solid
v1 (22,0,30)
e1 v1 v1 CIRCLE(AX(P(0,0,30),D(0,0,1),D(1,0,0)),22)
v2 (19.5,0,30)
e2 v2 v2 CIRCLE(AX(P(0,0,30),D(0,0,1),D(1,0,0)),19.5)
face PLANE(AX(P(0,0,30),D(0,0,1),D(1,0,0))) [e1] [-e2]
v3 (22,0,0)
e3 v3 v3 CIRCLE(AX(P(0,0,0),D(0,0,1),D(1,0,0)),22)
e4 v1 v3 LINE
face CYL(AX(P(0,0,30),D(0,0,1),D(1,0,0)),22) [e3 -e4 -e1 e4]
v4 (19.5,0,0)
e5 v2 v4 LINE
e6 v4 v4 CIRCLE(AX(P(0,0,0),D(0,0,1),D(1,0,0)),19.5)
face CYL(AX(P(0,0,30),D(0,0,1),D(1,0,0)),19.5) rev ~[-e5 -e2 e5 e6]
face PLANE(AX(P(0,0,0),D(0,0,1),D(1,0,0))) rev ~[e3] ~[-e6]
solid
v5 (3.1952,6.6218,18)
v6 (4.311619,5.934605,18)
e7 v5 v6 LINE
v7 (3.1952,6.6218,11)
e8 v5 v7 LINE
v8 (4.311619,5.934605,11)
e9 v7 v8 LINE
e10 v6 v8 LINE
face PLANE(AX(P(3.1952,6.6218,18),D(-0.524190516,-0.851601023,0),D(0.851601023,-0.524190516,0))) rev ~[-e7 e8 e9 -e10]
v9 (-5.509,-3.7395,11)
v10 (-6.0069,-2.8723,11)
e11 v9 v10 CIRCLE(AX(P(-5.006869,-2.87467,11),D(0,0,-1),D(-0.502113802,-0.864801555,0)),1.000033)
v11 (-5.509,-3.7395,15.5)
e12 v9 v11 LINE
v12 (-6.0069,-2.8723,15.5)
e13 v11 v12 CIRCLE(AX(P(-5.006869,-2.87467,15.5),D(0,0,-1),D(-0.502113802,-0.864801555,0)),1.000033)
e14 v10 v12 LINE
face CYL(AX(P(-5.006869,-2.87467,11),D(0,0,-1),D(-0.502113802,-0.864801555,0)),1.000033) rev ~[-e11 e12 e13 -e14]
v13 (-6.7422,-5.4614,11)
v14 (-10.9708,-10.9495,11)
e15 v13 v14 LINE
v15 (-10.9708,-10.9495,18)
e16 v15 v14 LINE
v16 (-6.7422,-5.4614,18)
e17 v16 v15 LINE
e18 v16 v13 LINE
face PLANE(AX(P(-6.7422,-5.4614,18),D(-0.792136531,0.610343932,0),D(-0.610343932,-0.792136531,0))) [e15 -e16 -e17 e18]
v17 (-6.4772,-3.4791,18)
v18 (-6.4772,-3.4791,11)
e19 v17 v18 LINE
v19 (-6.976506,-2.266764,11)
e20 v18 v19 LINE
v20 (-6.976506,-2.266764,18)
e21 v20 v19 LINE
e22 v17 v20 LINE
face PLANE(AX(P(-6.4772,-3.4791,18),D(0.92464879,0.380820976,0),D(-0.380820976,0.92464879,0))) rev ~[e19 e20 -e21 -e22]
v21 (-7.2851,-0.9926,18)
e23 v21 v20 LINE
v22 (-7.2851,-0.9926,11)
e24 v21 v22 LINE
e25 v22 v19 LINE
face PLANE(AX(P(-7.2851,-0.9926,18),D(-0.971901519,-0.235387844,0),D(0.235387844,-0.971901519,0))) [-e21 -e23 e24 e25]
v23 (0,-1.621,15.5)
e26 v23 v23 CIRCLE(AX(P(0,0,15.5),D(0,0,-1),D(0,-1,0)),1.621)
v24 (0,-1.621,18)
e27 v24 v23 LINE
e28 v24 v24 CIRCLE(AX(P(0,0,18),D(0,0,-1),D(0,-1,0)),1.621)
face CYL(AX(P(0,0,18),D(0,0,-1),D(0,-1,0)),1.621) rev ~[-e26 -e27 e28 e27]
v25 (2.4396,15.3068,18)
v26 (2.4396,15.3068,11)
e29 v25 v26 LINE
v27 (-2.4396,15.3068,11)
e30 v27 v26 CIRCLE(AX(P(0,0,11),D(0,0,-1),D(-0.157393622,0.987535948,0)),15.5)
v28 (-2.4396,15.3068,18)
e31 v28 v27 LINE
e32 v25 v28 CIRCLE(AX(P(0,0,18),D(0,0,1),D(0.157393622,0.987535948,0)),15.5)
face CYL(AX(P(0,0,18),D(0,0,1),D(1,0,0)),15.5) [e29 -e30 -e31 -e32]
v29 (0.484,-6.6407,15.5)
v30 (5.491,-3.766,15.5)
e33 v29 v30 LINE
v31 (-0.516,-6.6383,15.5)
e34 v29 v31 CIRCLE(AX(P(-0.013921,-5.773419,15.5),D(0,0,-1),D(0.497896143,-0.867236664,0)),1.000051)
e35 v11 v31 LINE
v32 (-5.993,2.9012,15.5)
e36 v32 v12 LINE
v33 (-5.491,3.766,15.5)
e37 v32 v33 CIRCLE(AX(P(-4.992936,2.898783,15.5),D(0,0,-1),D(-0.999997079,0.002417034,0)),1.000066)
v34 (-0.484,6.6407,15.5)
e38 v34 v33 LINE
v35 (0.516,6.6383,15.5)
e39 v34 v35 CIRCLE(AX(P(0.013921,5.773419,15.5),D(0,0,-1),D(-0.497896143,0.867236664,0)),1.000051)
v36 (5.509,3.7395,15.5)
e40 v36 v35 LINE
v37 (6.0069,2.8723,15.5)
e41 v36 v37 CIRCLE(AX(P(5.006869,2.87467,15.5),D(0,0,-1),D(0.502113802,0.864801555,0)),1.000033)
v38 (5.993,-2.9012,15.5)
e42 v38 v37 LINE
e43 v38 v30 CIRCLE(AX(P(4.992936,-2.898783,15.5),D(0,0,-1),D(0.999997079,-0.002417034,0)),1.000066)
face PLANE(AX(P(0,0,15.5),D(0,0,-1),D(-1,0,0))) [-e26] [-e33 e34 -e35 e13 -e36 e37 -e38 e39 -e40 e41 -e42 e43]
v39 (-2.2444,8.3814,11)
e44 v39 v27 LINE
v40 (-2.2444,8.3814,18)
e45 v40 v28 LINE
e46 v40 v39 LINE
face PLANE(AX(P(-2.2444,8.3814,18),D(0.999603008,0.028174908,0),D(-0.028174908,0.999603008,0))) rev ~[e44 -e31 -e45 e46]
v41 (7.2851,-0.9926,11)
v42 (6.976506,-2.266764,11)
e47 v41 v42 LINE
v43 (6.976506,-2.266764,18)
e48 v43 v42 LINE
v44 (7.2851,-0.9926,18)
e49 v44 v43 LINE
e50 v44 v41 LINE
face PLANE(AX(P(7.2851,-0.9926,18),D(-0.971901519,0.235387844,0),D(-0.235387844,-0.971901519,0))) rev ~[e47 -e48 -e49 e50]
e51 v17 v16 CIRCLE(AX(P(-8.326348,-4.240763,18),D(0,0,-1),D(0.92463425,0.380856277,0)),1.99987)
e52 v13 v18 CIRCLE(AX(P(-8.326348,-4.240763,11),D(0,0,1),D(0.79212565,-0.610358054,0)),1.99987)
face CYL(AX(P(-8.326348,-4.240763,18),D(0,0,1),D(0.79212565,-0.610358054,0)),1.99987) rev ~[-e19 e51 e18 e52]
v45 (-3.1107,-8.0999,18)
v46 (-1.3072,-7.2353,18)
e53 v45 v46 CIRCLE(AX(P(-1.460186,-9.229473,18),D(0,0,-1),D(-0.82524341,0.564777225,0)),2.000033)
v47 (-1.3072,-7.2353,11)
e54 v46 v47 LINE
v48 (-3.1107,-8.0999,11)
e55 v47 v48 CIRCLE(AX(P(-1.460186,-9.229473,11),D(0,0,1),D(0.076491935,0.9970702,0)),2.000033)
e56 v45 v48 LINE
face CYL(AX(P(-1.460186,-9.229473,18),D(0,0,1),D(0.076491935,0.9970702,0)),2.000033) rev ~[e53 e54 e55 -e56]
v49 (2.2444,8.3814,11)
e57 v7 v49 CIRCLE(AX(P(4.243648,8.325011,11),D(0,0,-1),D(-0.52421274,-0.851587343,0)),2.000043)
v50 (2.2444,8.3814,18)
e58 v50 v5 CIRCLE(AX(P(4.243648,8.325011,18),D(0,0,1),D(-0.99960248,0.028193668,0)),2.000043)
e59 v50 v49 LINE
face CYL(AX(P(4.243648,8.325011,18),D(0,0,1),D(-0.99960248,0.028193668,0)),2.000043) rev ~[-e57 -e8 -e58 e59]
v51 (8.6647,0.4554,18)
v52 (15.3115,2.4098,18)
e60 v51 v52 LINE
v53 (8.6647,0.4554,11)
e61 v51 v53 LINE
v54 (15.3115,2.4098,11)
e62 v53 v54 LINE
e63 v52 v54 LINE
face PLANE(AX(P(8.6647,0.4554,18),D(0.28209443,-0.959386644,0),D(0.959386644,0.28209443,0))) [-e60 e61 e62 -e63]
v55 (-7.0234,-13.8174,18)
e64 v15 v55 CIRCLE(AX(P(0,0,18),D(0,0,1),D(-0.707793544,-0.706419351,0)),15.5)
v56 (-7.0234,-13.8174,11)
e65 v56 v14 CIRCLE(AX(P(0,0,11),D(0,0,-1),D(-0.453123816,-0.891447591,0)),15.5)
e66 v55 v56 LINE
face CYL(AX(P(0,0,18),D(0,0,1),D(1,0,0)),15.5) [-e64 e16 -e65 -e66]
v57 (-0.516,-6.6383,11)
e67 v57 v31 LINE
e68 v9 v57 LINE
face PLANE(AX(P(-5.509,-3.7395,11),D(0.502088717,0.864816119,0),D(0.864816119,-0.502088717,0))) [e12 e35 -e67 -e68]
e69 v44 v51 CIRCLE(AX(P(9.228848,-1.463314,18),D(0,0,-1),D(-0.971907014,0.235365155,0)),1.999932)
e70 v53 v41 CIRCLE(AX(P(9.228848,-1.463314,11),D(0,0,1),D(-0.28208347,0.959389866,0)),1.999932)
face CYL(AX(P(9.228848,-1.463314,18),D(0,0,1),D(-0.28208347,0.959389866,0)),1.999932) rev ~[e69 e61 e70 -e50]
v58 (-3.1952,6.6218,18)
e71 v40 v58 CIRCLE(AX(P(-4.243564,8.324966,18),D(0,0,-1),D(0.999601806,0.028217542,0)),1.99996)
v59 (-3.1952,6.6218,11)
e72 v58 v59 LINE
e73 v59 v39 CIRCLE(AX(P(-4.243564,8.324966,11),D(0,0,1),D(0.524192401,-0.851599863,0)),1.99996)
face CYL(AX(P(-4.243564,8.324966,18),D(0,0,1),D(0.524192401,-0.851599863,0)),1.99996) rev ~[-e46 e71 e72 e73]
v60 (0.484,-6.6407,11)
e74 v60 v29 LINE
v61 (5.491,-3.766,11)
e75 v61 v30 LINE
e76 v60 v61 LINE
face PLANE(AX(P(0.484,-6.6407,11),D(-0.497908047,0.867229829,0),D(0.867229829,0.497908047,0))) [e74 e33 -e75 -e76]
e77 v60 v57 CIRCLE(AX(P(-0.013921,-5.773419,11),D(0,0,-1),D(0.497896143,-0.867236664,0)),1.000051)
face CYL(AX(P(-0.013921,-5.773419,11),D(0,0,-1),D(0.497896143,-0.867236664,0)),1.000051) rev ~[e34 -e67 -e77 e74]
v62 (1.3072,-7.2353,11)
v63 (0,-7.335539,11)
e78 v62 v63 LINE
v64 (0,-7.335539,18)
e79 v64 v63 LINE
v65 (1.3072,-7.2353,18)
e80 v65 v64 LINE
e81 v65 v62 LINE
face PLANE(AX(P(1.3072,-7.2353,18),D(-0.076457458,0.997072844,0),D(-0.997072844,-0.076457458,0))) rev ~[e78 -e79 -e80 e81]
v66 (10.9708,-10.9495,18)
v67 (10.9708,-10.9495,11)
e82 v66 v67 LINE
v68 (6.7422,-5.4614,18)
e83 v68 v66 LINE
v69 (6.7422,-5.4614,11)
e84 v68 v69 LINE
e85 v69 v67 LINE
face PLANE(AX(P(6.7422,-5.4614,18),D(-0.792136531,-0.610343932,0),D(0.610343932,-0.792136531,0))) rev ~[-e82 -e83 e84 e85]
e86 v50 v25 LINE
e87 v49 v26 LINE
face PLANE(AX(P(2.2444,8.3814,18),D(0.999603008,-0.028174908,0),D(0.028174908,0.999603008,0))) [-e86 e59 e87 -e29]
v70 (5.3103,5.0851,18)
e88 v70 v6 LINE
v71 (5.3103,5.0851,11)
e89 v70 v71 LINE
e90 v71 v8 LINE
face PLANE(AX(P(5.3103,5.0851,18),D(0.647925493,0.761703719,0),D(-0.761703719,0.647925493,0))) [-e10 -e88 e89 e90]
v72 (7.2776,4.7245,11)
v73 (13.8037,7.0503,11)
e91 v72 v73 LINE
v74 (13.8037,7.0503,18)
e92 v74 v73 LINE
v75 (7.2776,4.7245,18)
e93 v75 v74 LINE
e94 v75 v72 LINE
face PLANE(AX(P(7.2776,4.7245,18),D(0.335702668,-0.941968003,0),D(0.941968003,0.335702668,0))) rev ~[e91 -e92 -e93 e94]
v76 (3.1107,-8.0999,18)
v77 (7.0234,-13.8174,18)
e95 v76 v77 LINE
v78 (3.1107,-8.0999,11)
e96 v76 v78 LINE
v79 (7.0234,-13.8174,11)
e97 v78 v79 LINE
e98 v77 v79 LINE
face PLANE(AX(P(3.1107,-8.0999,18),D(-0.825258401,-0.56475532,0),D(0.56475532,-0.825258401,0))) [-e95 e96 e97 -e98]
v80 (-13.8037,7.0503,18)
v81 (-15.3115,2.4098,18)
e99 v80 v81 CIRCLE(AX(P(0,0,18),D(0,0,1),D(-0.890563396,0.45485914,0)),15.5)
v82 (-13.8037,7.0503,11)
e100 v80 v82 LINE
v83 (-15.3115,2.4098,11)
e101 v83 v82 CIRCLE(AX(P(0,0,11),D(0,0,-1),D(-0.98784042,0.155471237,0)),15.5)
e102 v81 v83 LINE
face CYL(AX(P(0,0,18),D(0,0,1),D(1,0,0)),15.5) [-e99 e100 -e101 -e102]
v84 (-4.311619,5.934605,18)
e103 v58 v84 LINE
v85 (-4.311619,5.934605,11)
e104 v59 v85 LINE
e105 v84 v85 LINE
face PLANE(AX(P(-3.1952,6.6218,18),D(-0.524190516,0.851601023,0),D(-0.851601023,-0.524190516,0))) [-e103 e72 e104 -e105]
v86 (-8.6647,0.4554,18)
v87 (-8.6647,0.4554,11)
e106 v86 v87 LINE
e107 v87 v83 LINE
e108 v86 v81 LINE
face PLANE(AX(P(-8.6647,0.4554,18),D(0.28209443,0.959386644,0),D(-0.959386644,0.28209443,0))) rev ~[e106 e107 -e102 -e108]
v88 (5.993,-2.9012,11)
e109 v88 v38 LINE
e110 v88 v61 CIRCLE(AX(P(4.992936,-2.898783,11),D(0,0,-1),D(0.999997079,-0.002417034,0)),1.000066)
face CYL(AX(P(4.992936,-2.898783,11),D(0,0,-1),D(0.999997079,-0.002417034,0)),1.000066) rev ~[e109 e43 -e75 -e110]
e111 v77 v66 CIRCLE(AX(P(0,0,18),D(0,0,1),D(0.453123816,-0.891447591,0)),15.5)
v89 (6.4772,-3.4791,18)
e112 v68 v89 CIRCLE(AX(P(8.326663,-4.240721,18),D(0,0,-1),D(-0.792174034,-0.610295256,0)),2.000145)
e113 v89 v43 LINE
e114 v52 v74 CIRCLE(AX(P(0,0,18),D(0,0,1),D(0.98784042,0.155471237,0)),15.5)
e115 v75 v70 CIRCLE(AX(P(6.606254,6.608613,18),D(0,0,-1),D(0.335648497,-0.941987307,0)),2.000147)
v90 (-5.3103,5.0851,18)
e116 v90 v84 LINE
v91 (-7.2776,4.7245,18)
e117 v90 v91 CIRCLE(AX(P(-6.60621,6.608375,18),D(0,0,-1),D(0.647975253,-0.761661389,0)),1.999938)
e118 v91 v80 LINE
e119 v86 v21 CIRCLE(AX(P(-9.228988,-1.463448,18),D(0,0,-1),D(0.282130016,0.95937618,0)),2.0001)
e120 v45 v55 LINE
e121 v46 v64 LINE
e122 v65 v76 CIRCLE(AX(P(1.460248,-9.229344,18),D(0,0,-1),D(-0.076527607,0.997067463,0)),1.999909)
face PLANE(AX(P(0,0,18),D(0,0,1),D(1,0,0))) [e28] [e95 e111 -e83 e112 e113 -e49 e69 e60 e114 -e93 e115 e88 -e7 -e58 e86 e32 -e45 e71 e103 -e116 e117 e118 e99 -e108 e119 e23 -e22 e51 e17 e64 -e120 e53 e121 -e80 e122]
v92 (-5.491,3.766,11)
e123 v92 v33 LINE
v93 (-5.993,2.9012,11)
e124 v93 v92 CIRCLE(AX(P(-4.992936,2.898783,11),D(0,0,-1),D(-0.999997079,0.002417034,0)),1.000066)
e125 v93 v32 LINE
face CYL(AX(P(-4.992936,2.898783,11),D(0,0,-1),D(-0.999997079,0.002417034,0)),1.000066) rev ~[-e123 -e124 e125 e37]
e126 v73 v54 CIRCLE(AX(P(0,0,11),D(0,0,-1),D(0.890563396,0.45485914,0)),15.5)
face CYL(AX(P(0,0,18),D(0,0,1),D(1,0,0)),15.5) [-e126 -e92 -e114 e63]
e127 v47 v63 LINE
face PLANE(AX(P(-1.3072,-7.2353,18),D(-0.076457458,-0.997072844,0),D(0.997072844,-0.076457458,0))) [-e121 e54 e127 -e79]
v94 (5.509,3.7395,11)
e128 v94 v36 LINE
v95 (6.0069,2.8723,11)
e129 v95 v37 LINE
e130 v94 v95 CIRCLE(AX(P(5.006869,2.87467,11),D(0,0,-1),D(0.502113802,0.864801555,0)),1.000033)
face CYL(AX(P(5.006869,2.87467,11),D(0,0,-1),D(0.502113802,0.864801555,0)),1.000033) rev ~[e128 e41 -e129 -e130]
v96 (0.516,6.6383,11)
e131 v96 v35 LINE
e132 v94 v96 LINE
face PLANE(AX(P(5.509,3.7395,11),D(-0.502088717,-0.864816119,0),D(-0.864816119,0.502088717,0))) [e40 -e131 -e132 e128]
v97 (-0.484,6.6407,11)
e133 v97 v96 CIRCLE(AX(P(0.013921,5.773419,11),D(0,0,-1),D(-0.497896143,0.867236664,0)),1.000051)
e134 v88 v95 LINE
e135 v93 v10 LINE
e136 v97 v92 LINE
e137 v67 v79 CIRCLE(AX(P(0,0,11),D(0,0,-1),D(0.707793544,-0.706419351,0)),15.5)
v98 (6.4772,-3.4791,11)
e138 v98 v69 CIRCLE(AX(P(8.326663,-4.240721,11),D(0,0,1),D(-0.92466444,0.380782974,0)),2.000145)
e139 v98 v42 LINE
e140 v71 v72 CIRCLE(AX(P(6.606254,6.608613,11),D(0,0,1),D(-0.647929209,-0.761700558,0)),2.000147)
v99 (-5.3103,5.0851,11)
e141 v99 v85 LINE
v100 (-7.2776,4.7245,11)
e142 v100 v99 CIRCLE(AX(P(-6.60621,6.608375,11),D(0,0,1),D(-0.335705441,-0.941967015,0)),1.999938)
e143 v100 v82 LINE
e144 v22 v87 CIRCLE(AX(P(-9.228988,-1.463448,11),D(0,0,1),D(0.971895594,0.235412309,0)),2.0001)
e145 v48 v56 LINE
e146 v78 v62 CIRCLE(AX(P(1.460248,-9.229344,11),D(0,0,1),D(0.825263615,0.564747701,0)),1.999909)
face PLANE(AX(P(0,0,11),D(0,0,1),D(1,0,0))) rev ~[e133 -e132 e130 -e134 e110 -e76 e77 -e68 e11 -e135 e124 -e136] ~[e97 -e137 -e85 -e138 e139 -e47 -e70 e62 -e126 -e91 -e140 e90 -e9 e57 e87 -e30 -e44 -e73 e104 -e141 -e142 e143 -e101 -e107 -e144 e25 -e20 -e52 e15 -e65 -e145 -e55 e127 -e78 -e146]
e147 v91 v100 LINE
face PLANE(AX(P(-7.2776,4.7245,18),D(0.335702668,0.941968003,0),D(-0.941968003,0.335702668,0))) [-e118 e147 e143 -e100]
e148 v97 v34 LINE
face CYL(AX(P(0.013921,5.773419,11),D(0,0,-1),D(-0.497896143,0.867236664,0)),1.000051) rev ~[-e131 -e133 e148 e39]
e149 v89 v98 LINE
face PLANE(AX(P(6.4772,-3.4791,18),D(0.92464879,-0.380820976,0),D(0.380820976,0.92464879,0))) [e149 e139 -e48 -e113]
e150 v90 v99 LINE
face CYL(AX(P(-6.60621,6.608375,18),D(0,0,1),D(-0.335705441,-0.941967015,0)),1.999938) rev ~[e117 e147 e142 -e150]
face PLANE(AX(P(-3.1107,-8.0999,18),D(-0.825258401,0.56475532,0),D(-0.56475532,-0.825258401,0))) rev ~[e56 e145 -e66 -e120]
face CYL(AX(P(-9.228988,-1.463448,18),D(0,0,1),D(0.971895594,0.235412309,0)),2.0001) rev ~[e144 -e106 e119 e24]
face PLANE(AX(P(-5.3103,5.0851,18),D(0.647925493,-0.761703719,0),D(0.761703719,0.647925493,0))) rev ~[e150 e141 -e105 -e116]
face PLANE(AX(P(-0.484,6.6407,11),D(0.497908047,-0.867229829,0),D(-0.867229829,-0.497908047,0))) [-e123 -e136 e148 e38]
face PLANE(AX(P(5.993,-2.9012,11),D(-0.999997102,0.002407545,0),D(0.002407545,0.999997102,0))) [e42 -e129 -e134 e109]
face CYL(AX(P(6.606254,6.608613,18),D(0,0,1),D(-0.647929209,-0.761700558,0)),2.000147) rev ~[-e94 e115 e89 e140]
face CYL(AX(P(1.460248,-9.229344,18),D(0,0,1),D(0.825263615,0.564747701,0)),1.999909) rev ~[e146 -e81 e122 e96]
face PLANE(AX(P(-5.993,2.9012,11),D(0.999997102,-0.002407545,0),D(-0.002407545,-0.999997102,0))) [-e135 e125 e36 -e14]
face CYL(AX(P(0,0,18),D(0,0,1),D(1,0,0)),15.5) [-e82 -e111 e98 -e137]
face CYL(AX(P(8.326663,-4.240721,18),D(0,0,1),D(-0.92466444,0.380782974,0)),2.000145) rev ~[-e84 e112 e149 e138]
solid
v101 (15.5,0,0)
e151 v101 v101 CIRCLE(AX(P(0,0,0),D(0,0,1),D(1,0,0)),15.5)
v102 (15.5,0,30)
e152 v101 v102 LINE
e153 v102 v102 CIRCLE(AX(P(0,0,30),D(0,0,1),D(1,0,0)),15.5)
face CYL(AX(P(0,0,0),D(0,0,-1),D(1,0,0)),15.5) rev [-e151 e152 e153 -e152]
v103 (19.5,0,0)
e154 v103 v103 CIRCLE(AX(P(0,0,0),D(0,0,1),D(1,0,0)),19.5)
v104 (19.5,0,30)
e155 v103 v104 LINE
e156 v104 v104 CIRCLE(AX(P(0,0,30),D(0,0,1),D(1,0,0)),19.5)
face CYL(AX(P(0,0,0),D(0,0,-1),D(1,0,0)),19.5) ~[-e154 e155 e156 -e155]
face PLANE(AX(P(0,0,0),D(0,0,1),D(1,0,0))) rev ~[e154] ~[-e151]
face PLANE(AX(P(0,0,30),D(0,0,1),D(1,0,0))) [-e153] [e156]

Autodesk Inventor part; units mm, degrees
ref_plane "YZ Plane" through (0, 0, 0) normal (1, 0, 0) x (0, 1, 0)
ref_plane "XZ Plane" through (0, 0, 0) normal (0, 1, 0) x (-1, 0, 0)
sketch "Sketch1" plane through (0, 0, 0) normal (0, 0, 1) x (1, 0, 0)
  circle A0 centre (0, 0) radius 19.5
  circle A1 centre (0, 0) radius 15.5
  dimension "d0" = 39
  dimension "d3" = 31
extrude "Extrusion1" add sketch "Sketch1" along normal blind 30
sketch "Sketch2" plane through (0, 0, 30) normal (0, 0, 1) x (1, 0, 0)
  circle A0 centre (0, 0) radius 22
  circle A1 centre (0, 0) radius 19.5
  dimension "d4" = 44
  dimension "d5" = 39
extrude "Extrusion2" add sketch "Sketch2" against normal blind 30 separate body
ref_plane "Work Plane1" through (0, 0, 18) normal (0, 0, 1) x (1, 0, 0)
sketch "Sketch3" plane through (0, 0, 18) normal (0, 0, 1) x (1, 0, 0)
  line L0 (2.2444, 8.3814) -> (2.4396, 15.3068)
  circle A0 centre (0, 0) radius 15.5 projected
  line L1 (3.1952, 6.6218) -> (7.2273, 4.1399)
  arc A1 (2.2444, 8.3814) -> (3.1952, 6.6218) centre (4.2436, 8.325) ccw
  line L2 (0, 0) -> (0, 15.5)
  line L3 (-2.2444, 8.3814) -> (-2.4396, 15.3068)
  line L4 (-3.1952, 6.6218) -> (-7.2273, 4.1399)
  arc A2 (-3.1952, 6.6218) -> (-2.2444, 8.3814) centre (-4.2436, 8.325) ccw
  line L5 (-7.2776, 4.7245) -> (-13.8037, 7.0503)
  line L6 (-5.3103, 5.0851) -> (-1.7039, 8.1528)
  arc A3 (-7.2776, 4.7245) -> (-5.3103, 5.0851) centre (-6.6062, 6.6085) ccw
  line L7 (0, 0) -> (-14.7414, 4.7898)
  line L8 (-8.6647, 0.4554) -> (-15.3115, 2.4098)
  line L9 (-7.2851, -0.9926) -> (-6.1706, -5.5943)
  arc A4 (-7.2851, -0.9926) -> (-8.6647, 0.4554) centre (-9.2289, -1.4634) ccw
  line L10 (-6.7422, -5.4614) -> (-10.9708, -10.9495)
  line L11 (-6.4772, -3.4791) -> (-8.2803, 0.8989)
  arc A5 (-6.7422, -5.4614) -> (-6.4772, -3.4791) centre (-8.3265, -4.2407) ccw
  line L12 (0, 0) -> (-9.1107, -12.5398)
  line L13 (-3.1107, -8.0999) -> (-7.0234, -13.8174)
  line L14 (-1.3072, -7.2353) -> (3.4136, -7.5973)
  arc A6 (-1.3072, -7.2353) -> (-3.1107, -8.0999) centre (-1.4602, -9.2294) ccw
  line L15 (3.1107, -8.0999) -> (7.0234, -13.8174)
  line L16 (1.3072, -7.2353) -> (-3.4136, -7.5973)
  arc A7 (3.1107, -8.0999) -> (1.3072, -7.2353) centre (1.4602, -9.2294) ccw
  line L17 (0, 0) -> (9.1107, -12.5398)
  line L18 (6.7422, -5.4614) -> (10.9708, -10.9495)
  line L19 (6.4772, -3.4791) -> (8.2803, 0.8989)
  arc A8 (6.4772, -3.4791) -> (6.7422, -5.4614) centre (8.3265, -4.2407) ccw
  line L20 (8.6647, 0.4554) -> (15.3115, 2.4098)
  line L21 (7.2851, -0.9926) -> (6.1706, -5.5943)
  arc A9 (8.6647, 0.4554) -> (7.2851, -0.9926) centre (9.2289, -1.4634) ccw
  line L22 (0, 0) -> (14.7414, 4.7898)
  line L23 (7.2776, 4.7245) -> (13.8037, 7.0503)
  line L24 (5.3103, 5.0851) -> (1.7039, 8.1528)
  arc A10 (5.3103, 5.0851) -> (7.2776, 4.7245) centre (6.6062, 6.6085) ccw
  point P0 (2.0082, 0)
  point P1 (0.6206, 1.9099)
  point P2 (-1.6246, 1.1804)
  point P3 (-1.6246, -1.1804)
  point P4 (0.6206, -1.9099)
  point P5 (-6.9765, -2.2668)
  point P6 (0, -7.3355)
  point P7 (6.9765, -2.2668)
  point P8 (4.3117, 5.9345)
  point P9 (-4.3117, 5.9345)
  dimension "d13" = 60
  dimension "d15" = 15.3068
  dimension "d17" = 2
  dimension "d20" = 360
extrude "Extrusion3" add sketch "Sketch3" against normal blind 7 separate body contours A1 L1 L24 A10 L23 A0 L22 L2 L0 | L2 L7 A0 L5 A3 L6 L4 A2 L3 | A0 L20 A9 L21 L19 A8 L18 L17 L22 | L12 A0 L10 A5 L11 L9 A4 L8 L7 | L17 A0 L15 A7 L16 L14 A6 L13 L12
sketch "Sketch4" plane through (0, 0, 11) normal (0, 0, -1) x (-1, 0, 0)
  line L0 (5.993, 2.9012) -> (6.0069, -2.8723)
  line L1 (5.509, -3.7395) -> (0.516, -6.6383)
  line L2 (-0.484, -6.6407) -> (-5.491, -3.766)
  line L3 (-5.993, -2.9012) -> (-6.0069, 2.8723)
  line L4 (-5.509, 3.7395) -> (-0.516, 6.6383)
  line L5 (0.484, 6.6407) -> (5.491, 3.766)
  arc A0 (0.484, 6.6407) -> (-0.516, 6.6383) centre (-0.0139, 5.7735) ccw
  arc A1 (5.993, 2.9012) -> (5.491, 3.766) centre (4.993, 2.8988) ccw
  arc A2 (-5.509, 3.7395) -> (-6.0069, 2.8723) centre (-5.0069, 2.8747) ccw
  arc A3 (-5.993, -2.9012) -> (-5.491, -3.766) centre (-4.993, -2.8988) ccw
  arc A4 (5.509, -3.7395) -> (6.0069, -2.8723) centre (5.0069, -2.8747) ccw
  arc A5 (-0.484, -6.6407) -> (0.516, -6.6383) centre (0.0139, -5.7735) ccw
  point P0 (0, 0)
  point P1 (5.9916, 3.4785)
  point P2 (6.0083, -3.4496)
  point P3 (0.0167, -6.9282)
  point P4 (-5.9916, -3.4785)
  point P5 (-6.0083, 3.4496)
  point P6 (-0.0167, 6.9282)
  dimension "d25" = 12
  dimension "d27" = 1
  dimension "d28" = 1
extrude "Extrusion4" cut sketch "Sketch4" against normal blind 4.5 bodies 3
sketch "Sketch5" plane through (0, 0, 18) normal (0, 0, 1) x (1, 0, 0)
  point P0 (0, 0)
  point P1 (0, 0)
hole "Hole1" at (0, 0, 18) direction (0, 0, -1) diameter 3.242 depth 11.8 tip angle 118 bodies 3 thread size "M4x0.7" class "6H" standard "ISO Metric profile"
properties part number "BANH_44"
